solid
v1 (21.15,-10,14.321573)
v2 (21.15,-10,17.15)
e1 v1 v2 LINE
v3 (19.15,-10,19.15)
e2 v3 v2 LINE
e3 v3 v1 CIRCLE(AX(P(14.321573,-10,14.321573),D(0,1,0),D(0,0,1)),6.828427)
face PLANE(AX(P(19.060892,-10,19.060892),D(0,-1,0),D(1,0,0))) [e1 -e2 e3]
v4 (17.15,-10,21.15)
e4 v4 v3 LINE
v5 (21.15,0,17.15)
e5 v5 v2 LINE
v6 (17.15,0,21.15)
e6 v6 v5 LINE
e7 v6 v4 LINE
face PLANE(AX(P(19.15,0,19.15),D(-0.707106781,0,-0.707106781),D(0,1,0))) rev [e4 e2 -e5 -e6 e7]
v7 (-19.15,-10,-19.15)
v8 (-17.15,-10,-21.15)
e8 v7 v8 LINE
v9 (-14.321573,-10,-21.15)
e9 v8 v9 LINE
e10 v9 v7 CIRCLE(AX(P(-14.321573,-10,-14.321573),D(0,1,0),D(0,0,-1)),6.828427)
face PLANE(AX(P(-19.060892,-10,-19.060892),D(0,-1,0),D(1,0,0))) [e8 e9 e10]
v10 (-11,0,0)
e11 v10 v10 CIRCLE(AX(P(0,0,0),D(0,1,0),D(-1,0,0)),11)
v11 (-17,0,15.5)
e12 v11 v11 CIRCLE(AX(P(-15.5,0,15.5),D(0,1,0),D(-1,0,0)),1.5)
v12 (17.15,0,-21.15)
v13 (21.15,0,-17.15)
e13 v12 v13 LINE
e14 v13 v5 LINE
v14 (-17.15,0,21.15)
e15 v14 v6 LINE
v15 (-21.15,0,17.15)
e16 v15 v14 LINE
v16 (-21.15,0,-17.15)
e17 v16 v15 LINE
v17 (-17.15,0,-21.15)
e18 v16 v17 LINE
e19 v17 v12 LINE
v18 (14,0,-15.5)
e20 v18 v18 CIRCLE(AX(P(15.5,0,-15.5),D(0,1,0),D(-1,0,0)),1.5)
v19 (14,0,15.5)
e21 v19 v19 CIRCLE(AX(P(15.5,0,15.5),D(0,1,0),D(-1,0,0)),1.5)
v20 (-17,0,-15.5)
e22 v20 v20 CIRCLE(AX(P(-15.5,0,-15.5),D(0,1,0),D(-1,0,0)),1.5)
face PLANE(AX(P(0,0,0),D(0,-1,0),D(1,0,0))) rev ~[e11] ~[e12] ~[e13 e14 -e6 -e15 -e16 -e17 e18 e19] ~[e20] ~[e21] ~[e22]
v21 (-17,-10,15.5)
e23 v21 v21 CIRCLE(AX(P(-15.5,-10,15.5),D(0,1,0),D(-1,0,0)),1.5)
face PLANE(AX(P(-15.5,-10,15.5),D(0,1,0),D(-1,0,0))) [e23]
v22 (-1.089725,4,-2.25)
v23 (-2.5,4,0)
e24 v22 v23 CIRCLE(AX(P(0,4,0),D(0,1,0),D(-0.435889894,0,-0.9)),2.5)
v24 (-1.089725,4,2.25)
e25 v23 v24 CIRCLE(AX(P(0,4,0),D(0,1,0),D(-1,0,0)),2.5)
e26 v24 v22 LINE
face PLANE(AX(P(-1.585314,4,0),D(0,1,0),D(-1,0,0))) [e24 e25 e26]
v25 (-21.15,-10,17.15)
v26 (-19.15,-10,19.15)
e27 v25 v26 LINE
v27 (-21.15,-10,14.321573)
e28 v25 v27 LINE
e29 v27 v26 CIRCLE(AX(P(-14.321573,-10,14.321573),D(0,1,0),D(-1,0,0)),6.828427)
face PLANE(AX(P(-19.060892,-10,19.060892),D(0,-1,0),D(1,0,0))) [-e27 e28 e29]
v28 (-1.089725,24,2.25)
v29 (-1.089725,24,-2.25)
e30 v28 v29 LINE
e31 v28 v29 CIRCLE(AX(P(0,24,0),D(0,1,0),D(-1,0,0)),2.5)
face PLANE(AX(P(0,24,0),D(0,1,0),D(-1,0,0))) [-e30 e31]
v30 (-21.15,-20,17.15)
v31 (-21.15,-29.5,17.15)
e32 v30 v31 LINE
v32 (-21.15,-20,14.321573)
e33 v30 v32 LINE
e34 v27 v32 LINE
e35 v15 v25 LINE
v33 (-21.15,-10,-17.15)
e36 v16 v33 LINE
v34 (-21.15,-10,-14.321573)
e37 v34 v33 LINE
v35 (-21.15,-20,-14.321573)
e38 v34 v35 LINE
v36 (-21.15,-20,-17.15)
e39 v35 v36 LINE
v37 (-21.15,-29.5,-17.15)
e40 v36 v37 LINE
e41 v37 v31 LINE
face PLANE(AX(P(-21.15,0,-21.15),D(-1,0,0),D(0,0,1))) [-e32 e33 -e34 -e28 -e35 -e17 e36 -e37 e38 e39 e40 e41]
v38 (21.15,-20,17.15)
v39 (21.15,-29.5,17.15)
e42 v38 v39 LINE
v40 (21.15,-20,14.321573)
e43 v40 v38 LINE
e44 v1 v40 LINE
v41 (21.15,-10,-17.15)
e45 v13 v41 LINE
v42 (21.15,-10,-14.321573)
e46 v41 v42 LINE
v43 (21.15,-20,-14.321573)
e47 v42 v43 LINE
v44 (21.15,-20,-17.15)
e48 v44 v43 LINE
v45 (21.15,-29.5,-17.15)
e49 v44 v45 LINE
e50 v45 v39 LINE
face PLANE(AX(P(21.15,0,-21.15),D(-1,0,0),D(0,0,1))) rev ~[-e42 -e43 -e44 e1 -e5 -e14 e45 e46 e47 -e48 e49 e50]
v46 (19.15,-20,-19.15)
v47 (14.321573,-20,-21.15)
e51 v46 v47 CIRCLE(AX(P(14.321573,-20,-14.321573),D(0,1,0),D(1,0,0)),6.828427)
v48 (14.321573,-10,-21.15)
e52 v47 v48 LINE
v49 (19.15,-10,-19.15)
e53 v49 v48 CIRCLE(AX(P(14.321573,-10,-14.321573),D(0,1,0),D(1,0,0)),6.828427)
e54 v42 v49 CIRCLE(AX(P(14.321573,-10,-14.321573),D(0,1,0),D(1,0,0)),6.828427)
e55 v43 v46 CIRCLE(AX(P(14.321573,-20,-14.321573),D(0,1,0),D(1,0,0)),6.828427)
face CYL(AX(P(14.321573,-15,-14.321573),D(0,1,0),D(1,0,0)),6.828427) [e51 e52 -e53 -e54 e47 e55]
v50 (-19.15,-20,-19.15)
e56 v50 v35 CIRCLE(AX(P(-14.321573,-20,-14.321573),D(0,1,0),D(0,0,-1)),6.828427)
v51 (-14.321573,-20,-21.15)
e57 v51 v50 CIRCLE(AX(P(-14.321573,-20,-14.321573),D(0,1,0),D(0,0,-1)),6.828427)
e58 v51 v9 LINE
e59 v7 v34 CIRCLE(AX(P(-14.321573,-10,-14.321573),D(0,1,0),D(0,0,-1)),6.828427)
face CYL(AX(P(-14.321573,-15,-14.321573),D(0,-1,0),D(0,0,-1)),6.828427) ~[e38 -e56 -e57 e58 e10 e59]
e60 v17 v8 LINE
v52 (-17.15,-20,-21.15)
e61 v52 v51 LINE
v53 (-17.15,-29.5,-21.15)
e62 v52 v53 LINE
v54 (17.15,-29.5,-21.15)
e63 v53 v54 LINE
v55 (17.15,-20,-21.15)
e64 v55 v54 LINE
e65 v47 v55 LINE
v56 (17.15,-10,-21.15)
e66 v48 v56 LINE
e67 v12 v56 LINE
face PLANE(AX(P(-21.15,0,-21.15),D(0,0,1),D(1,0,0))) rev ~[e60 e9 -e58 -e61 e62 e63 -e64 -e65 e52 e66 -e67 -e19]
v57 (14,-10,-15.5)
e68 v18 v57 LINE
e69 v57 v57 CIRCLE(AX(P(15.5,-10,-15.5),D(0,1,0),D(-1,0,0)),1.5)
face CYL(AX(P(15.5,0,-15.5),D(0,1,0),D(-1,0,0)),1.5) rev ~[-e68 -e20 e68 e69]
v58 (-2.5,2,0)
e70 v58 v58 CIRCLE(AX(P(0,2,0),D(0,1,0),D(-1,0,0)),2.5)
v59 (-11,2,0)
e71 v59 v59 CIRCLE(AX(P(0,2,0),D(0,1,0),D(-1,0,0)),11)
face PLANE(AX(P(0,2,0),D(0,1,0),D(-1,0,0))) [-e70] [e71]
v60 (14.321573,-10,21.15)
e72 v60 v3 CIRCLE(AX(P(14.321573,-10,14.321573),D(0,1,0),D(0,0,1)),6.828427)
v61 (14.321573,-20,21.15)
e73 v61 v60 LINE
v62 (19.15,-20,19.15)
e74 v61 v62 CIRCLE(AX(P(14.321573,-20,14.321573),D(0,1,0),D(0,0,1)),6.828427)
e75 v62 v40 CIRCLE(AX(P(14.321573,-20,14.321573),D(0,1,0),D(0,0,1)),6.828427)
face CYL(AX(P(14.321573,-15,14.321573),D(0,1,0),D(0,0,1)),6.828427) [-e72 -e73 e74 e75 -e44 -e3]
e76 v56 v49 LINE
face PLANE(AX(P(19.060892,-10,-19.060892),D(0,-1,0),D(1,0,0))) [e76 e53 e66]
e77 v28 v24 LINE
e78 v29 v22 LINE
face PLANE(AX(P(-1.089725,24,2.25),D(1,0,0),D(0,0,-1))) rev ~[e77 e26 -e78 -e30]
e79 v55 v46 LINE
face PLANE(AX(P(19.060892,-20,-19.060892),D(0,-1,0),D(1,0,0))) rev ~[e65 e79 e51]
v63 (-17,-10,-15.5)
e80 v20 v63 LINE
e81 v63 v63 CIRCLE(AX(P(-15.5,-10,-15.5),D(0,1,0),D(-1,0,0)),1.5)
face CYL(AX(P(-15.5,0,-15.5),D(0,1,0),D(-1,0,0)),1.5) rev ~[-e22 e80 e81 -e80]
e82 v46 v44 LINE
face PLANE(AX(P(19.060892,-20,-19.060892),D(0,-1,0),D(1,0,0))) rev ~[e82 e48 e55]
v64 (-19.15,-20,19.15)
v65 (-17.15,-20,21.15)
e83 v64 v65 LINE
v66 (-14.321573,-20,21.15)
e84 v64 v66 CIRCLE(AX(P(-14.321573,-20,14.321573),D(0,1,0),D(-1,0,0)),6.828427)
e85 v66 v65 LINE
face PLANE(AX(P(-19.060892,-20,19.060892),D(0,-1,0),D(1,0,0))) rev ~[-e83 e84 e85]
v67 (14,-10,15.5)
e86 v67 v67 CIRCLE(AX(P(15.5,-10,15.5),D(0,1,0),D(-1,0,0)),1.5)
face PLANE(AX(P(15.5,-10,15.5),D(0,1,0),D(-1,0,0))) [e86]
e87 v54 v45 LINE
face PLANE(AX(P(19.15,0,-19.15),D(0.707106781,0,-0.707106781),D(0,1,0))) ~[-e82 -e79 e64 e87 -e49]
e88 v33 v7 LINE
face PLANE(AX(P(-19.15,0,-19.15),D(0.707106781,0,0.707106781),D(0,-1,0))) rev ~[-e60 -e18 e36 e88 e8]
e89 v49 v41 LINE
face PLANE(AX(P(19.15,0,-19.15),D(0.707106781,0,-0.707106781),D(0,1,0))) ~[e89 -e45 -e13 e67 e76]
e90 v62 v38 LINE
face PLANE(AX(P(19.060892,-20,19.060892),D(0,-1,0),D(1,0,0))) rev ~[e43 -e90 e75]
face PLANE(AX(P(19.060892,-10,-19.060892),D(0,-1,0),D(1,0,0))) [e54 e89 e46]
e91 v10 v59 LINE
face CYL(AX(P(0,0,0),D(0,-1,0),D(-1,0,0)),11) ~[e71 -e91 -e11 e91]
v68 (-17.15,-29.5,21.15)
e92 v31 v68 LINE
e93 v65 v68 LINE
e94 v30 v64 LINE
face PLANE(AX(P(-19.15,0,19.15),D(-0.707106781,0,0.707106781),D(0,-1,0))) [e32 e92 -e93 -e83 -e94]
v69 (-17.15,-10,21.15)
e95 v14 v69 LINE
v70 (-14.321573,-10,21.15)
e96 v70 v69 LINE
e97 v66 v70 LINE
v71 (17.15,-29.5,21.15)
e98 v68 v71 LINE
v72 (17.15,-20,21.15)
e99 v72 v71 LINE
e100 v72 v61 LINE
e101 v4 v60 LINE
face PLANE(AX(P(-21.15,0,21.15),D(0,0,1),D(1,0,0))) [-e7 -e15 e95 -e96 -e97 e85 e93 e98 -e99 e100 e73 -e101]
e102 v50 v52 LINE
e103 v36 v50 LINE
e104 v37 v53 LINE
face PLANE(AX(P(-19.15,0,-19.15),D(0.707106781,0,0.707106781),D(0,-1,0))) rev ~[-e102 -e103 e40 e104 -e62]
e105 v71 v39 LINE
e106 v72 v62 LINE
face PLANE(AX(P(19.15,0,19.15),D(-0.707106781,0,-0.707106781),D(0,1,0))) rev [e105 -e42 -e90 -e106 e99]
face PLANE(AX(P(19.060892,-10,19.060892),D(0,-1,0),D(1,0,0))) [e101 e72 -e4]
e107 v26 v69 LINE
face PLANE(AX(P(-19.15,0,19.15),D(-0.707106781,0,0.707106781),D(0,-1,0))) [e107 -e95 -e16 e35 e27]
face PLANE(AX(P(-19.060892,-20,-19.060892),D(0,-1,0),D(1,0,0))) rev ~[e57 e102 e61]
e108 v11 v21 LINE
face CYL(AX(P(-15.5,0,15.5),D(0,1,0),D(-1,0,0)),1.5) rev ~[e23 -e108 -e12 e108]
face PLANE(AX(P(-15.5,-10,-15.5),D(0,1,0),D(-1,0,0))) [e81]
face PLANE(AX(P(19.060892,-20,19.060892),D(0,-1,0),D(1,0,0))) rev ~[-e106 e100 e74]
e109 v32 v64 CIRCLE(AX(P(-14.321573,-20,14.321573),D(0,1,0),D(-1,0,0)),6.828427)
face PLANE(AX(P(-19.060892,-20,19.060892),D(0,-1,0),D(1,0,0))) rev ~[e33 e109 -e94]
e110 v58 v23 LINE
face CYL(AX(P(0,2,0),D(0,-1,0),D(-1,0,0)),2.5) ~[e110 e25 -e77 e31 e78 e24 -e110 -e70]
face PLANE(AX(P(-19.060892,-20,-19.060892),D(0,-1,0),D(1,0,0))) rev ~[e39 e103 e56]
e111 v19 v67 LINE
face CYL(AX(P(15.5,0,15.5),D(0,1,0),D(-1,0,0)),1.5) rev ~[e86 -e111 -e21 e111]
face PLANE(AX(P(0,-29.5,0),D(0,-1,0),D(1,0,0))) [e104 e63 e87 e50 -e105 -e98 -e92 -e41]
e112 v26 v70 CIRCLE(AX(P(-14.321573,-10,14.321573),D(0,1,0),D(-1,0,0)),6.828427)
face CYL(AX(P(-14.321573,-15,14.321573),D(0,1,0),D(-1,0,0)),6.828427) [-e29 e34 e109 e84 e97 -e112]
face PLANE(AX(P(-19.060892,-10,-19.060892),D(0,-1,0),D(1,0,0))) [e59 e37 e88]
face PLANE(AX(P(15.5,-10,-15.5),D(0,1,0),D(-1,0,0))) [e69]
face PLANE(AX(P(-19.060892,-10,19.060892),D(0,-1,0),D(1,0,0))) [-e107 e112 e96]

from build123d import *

# Parameters (mm, degrees)
F0_W      = 42.3
F0_H      = 42.3
F1_DEPTH  = 29.5
F2_R      = 11
F3_DEPTH  = 2
F4_R      = 2.5
F5_DEPTH  = 22
F7_DEPTH  = 20
F8_SIZE   = 4
F11_DEPTH = 5
F12_R     = 1.5
F13_DEPTH = 10


with BuildPart() as f1:
    # F0 (on Front) → F1 (new body)
    with BuildSketch(Plane.XZ):
        Rectangle(F0_W, F0_H)
    extrude(amount=F1_DEPTH)

    # F2 (on face) → F3 (join)
    with BuildSketch(Plane(origin=(0, 0, 0), x_dir=(-1, 0, 0), z_dir=(0, 1, 0))):
        Circle(F2_R)
    extrude(amount=F3_DEPTH)

    # F4 (on face) → F5 (join)
    with BuildSketch(Plane(origin=(0, 2, 0), x_dir=(-1, 0, 0), z_dir=(0, 1, 0))):
        Circle(F4_R)
    extrude(amount=F5_DEPTH)

    # F6 (on face) → F7 (cut)
    with BuildSketch(Plane(origin=(0, 24, 0), x_dir=(-1, 0, 0), z_dir=(0, 1, 0))):
        with BuildLine():
            ThreePointArc((2.5, 0), (2.1182908015, 1.3277213865), (1.0897247359, 2.25))
            Line((1.0897247359, 2.25), (1.0897247359, -2.25))
            ThreePointArc((1.0897247359, -2.25), (2.1182908015, -1.3277213865), (2.5, 0))
        make_face()
    extrude(amount=-F7_DEPTH, mode=Mode.SUBTRACT)

    # F8
    f8_edges = [f1.edges().sort_by_distance(p)[0] for p in [
        (-21.15, -14.75, 21.15),
        (-21.15, -14.75, -21.15),
        (21.15, -14.75, -21.15),
        (21.15, -14.75, 21.15),
    ]]
    chamfer(f8_edges, length=F8_SIZE)

    # F10 (on offset) → F11 (cut, symmetric)
    with BuildSketch(Plane.XZ.offset(15)):
        with BuildLine():
            ThreePointArc((14.3215728753, 21.15), (19.15, 19.15), (21.15, 14.3215728753))
            Line((21.15, 14.3215728753), (21.15, 21.15))
            Line((21.15, 21.15), (14.3215728753, 21.15))
        make_face()
        with BuildLine():
            Line((-21.15, 21.15), (-21.15, 14.3215728753))
            ThreePointArc((-21.15, 14.3215728753), (-19.15, 19.15), (-14.3215728753, 21.15))
            Line((-14.3215728753, 21.15), (-21.15, 21.15))
        make_face()
        with BuildLine():
            Line((21.15, -21.15), (21.15, -14.3215728753))
            ThreePointArc((21.15, -14.3215728753), (19.15, -19.15), (14.3215728753, -21.15))
            Line((14.3215728753, -21.15), (21.15, -21.15))
        make_face()
        with BuildLine():
            ThreePointArc((-14.3215728753, -21.15), (-19.15, -19.15), (-21.15, -14.3215728753))
            Line((-21.15, -14.3215728753), (-21.15, -21.15))
            Line((-21.15, -21.15), (-14.3215728753, -21.15))
        make_face()
    extrude(amount=F11_DEPTH, both=True, mode=Mode.SUBTRACT)

    # F12 (on face) → F13 (cut)
    with BuildSketch(Plane(origin=(0, 0, 0), x_dir=(-1, 0, 0), z_dir=(0, 1, 0))):
        with Locations((-15.5, 15.5)):
            Circle(F12_R)
        with Locations((15.5, 15.5)):
            Circle(F12_R)
        with Locations((-15.5, -15.5)):
            Circle(F12_R)
        with Locations((15.5, -15.5)):
            Circle(F12_R)
    extrude(amount=-F13_DEPTH, mode=Mode.SUBTRACT)


solid = f1.part
